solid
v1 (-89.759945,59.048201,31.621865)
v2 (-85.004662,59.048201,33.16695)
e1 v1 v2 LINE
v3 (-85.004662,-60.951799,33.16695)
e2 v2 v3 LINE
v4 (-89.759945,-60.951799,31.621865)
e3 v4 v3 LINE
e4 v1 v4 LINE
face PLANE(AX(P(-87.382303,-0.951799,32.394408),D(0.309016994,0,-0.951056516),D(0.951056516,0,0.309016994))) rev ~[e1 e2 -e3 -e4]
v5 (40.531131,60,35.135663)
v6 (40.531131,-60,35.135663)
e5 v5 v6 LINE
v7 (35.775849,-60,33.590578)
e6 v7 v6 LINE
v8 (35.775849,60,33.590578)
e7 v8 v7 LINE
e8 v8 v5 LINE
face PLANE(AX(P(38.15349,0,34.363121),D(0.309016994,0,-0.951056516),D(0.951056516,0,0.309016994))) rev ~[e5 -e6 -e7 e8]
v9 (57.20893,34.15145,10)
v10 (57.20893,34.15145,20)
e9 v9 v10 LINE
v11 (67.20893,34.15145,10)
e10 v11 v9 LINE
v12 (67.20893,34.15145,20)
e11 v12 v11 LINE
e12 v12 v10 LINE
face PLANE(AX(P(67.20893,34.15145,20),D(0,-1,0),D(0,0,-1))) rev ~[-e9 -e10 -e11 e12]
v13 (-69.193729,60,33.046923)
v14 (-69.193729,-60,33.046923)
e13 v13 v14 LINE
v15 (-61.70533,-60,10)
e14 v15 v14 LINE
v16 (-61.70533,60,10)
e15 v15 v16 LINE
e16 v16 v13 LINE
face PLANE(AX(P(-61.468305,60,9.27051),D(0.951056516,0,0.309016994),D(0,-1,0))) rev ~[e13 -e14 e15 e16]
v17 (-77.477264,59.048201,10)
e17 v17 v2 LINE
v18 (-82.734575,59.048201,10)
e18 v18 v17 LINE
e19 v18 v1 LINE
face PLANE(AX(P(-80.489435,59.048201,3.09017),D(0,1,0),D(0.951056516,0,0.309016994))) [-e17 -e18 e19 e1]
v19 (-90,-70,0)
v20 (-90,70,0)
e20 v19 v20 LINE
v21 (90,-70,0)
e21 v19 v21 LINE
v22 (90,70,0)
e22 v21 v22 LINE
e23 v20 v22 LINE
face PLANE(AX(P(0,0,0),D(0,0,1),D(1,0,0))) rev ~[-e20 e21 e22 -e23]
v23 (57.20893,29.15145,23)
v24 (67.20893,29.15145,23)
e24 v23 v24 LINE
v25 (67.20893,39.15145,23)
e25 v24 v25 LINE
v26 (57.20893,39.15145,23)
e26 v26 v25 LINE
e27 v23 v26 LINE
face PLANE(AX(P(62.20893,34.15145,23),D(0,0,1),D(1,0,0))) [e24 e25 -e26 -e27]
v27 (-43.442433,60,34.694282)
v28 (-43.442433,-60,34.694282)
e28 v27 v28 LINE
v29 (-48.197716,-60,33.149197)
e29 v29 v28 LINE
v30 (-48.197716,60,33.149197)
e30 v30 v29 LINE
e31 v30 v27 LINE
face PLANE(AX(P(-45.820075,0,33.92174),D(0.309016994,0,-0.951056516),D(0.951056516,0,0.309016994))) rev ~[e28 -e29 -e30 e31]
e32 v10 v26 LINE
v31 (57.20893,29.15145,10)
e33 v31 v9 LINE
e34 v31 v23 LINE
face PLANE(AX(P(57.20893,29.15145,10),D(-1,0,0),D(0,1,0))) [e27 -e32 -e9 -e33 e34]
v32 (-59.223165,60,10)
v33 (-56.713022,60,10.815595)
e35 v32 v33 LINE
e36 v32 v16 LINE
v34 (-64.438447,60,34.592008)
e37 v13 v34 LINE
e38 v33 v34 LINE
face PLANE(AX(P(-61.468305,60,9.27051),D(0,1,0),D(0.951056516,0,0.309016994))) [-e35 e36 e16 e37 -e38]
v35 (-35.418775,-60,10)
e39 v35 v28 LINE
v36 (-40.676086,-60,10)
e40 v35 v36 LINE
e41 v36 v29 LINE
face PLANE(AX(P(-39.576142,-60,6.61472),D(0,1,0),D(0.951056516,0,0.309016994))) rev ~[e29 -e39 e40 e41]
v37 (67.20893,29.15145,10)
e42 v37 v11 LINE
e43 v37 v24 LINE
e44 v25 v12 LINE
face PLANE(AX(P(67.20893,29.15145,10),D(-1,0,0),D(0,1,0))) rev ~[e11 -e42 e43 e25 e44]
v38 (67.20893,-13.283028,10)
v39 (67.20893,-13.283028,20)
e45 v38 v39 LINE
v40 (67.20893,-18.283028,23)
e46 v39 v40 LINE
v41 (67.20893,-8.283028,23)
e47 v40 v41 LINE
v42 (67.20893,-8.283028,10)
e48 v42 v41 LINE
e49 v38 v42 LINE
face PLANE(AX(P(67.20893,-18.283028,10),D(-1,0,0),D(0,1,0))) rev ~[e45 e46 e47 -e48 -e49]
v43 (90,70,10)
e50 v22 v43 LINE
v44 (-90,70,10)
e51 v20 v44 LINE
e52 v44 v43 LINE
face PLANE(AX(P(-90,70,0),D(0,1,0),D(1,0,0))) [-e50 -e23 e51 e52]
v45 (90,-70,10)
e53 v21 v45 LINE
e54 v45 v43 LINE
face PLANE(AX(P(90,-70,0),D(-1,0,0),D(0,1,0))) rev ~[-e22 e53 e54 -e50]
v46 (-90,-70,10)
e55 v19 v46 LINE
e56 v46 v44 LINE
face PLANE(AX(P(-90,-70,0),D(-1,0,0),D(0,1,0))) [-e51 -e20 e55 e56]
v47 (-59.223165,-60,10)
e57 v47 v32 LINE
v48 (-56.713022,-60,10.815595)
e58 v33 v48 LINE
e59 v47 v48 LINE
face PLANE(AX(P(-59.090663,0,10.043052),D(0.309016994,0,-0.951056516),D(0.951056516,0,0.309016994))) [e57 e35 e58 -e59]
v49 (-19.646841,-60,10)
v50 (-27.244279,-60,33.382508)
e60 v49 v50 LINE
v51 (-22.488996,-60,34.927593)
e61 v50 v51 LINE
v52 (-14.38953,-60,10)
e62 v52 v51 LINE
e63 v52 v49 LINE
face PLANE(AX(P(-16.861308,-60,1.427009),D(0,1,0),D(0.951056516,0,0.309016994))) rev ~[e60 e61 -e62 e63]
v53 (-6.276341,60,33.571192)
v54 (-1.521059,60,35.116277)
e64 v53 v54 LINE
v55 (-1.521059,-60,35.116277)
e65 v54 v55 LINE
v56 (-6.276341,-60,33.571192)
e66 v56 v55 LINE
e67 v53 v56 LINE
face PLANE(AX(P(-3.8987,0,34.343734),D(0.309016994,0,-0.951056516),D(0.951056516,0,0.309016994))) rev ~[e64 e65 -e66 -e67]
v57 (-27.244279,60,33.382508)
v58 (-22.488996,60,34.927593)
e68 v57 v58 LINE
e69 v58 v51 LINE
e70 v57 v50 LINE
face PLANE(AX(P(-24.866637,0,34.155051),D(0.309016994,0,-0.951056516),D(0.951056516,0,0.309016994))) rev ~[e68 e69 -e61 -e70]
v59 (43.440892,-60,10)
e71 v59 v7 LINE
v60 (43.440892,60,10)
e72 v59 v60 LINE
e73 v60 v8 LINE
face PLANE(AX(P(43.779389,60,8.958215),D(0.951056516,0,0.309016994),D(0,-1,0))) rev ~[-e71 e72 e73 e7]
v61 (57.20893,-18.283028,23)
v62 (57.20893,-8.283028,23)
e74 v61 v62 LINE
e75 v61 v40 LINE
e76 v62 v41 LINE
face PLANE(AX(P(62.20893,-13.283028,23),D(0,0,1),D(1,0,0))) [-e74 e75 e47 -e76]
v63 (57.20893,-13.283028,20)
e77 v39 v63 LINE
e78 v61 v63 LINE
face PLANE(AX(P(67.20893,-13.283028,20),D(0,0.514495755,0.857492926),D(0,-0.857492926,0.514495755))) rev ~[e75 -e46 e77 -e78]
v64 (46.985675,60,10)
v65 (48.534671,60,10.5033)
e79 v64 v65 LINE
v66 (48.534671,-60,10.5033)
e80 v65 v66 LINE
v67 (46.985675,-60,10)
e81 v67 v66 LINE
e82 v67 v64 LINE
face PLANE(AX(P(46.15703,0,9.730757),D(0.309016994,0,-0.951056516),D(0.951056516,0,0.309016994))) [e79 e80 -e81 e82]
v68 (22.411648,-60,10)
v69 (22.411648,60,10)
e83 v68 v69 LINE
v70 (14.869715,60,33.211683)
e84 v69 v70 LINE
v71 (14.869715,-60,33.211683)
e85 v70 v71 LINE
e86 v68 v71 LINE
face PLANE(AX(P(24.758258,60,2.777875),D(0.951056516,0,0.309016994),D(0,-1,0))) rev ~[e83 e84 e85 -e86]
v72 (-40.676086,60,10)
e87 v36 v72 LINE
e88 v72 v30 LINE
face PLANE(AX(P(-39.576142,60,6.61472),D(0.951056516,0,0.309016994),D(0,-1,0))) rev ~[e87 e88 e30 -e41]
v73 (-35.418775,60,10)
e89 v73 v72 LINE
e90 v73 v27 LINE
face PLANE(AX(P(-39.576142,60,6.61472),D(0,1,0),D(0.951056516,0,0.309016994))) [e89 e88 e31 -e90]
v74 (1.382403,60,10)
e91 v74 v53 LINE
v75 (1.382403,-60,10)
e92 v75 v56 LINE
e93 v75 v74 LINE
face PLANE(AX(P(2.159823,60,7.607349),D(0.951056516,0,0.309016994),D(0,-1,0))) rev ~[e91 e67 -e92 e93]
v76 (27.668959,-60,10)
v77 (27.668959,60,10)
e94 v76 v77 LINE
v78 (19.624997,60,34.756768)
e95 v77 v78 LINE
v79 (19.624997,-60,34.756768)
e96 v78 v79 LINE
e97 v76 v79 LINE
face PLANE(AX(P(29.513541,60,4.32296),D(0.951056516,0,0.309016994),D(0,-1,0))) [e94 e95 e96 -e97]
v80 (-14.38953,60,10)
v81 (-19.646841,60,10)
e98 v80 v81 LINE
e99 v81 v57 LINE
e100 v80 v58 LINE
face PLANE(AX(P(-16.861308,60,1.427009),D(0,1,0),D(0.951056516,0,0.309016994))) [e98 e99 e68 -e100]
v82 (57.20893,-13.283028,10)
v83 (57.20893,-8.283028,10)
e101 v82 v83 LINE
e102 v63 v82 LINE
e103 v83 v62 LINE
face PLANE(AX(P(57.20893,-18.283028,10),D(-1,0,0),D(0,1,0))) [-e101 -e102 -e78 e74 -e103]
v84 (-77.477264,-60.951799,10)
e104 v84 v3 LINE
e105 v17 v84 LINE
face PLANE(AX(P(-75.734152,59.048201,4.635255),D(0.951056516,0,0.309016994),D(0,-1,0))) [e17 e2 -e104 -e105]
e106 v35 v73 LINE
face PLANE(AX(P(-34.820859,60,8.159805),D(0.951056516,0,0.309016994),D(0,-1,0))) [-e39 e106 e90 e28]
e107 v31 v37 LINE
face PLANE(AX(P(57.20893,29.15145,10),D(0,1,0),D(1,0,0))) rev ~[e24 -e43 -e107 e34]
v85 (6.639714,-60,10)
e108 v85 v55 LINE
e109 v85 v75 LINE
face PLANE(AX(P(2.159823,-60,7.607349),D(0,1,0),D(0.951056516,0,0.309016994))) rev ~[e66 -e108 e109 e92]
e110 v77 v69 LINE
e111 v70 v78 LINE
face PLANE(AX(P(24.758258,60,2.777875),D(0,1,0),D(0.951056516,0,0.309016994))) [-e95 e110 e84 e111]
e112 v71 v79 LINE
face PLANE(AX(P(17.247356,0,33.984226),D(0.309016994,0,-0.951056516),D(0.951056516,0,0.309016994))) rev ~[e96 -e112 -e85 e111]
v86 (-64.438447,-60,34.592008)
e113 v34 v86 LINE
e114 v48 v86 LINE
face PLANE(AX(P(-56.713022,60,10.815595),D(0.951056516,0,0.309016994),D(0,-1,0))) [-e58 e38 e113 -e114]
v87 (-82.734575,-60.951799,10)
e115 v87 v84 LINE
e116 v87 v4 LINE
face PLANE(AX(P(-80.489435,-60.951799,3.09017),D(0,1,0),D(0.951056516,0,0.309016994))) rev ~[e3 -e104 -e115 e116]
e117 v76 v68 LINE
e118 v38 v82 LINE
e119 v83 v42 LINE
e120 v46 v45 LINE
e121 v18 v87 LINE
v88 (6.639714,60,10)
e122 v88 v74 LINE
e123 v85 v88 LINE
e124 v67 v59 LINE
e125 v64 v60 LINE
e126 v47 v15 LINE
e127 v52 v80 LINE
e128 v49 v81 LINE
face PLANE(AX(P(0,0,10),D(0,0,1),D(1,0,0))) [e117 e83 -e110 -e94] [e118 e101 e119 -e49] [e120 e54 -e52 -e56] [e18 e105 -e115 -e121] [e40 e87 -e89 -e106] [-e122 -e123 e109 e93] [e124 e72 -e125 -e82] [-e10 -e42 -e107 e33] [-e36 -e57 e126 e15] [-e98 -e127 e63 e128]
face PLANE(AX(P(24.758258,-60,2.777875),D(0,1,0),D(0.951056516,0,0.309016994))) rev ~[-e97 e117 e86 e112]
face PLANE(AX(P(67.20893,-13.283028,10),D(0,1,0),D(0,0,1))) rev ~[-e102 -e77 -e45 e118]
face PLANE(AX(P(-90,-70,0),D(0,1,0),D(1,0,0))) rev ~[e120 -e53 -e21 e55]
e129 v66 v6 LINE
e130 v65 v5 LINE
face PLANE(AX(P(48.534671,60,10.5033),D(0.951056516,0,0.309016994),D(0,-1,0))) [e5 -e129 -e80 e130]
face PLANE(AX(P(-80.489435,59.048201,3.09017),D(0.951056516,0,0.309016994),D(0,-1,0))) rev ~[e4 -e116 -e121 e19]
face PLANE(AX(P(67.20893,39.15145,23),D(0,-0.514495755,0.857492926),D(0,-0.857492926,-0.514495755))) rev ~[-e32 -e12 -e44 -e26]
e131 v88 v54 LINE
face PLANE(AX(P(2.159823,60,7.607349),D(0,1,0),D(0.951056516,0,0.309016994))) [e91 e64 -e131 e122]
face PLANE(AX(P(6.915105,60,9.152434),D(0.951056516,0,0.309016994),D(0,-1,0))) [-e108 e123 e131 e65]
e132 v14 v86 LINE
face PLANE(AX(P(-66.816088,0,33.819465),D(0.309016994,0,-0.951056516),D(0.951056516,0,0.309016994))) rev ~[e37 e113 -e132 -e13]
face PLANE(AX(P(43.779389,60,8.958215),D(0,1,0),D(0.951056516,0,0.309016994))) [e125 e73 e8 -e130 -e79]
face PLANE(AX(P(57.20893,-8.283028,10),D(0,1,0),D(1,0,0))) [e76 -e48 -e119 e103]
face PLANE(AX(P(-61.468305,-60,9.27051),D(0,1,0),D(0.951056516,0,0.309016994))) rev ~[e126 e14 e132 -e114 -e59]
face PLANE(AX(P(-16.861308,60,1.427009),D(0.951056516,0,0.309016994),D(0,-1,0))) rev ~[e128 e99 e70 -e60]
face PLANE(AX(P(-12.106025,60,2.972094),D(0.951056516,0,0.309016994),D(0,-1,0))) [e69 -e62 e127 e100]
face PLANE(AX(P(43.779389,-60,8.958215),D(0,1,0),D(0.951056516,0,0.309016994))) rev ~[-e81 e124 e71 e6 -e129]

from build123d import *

# Parameters (mm, degrees)
F2_W      = 5
F2_H      = 120
F3_DEPTH  = 30
F0_W      = 180
F0_H      = 140
F4_DEPTH  = 10
F5_W      = 5
F5_H      = 120
F6_DEPTH  = 25
F9_W      = 5
F9_H      = 120
F10_DEPTH = 27.9
F12_W     = 5
F12_H     = 120
F13_DEPTH = 33.6
F14_W     = 5
F14_H     = 120
F15_DEPTH = 27.3
F17_W     = 5
F17_H     = 120
F18_DEPTH = 32
F19_W     = 5
F19_H     = 120
F20_DEPTH = 25.9
F22_W     = 10
F22_H     = 10
F23_DEPTH = 13
F26_DEPTH = 15


with BuildPart() as f3:
    # F2 (on line) → F3 (new body)
    with BuildSketch(Plane(origin=(-8.5942352531, 0, 26.4503363532), x_dir=(0.9510565163, 0, 0.3090169944), z_dir=(0.3090169944, 0, -0.9510565163))):
        with Locations((-73.0950864666, 0.9517986327)):
            Rectangle(F2_W, F2_H)
    extrude(amount=-F3_DEPTH)

    # F0 (on Top) → F4 (join)
    with BuildSketch(Plane.XY):
        Rectangle(F0_W, F0_H)
    extrude(amount=F4_DEPTH)

    # F5 (on line) → F6 (join)
    with BuildSketch(Plane(origin=(-8.5942352531, 0, 26.4503363532), x_dir=(0.9510565163, 0, 0.3090169944), z_dir=(0.3090169944, 0, -0.9510565163))):
        with Locations((-53.0950864666, 0)):
            Rectangle(F5_W, F5_H)
    extrude(amount=-F6_DEPTH)

    # F9 (on line) → F10 (join)
    with BuildSketch(Plane(origin=(-5.7232027477, 0, 17.6142068765), x_dir=(0.9510565163, 0, 0.3090169944), z_dir=(0.3090169944, 0, -0.9510565163))):
        with Locations((-33.0950864666, 0)):
            Rectangle(F9_W, F9_H)
    extrude(amount=-F10_DEPTH)

    # F12 (on line) → F13 (join)
    with BuildSketch(Plane(origin=(-2.029499084, 0, 6.2461559196), x_dir=(0.9510565163, 0, 0.3090169944), z_dir=(0.3090169944, 0, -0.9510565163))):
        with Locations((-13.0950864666, 0)):
            Rectangle(F12_W, F12_H)
    extrude(amount=-F13_DEPTH)

    # F14 (on line) → F15 (join)
    with BuildSketch(Plane(origin=(-2.029499084, 0, 6.2461559196), x_dir=(0.9510565163, 0, 0.3090169944), z_dir=(0.3090169944, 0, -0.9510565163))):
        with Locations((6.9049135334, 0)):
            Rectangle(F14_W, F14_H)
    extrude(amount=-F15_DEPTH)

    # F17 (on line) → F18 (join)
    with BuildSketch(Plane(origin=(1.5478064215, 0, -4.7636583421), x_dir=(0.9510565163, 0, 0.3090169944), z_dir=(0.3090169944, 0, -0.9510565163))):
        with Locations((26.9049135334, 0)):
            Rectangle(F17_W, F17_H)
    extrude(amount=-F18_DEPTH)

    # F19 (on line) → F20 (join)
    with BuildSketch(Plane(origin=(1.5478064215, 0, -4.7636583421), x_dir=(0.9510565163, 0, 0.3090169944), z_dir=(0.3090169944, 0, -0.9510565163))):
        with Locations((46.9049135334, 0)):
            Rectangle(F19_W, F19_H)
    extrude(amount=-F20_DEPTH)

    # F22 (on offset) → F23 (join)
    with BuildSketch(Plane.XY.offset(10)):
        with Locations((62.2089297195, 34.1514503138)):
            Rectangle(F22_W, F22_H)
        with Locations((62.2089297195, -13.2830284653)):
            Rectangle(F22_W, F22_H)
    extrude(amount=F23_DEPTH)

    # F25 (on face) + F24 (on face) → F26 (cut)
    with BuildSketch(Plane.YZ.offset(67.2089297195)):
        Polygon((-13.2830284653, 20), (-18.2830284653, 23), (-18.2830284653, 10), (-13.2830284653, 10), align=None)
    with BuildSketch(Plane.YZ.offset(67.2089297195)):
        Polygon((39.1514503138, 10), (39.1514503138, 23), (34.1514503138, 20), (34.1514503138, 10), align=None)
    extrude(amount=-F26_DEPTH, mode=Mode.SUBTRACT)


solid = f3.part
